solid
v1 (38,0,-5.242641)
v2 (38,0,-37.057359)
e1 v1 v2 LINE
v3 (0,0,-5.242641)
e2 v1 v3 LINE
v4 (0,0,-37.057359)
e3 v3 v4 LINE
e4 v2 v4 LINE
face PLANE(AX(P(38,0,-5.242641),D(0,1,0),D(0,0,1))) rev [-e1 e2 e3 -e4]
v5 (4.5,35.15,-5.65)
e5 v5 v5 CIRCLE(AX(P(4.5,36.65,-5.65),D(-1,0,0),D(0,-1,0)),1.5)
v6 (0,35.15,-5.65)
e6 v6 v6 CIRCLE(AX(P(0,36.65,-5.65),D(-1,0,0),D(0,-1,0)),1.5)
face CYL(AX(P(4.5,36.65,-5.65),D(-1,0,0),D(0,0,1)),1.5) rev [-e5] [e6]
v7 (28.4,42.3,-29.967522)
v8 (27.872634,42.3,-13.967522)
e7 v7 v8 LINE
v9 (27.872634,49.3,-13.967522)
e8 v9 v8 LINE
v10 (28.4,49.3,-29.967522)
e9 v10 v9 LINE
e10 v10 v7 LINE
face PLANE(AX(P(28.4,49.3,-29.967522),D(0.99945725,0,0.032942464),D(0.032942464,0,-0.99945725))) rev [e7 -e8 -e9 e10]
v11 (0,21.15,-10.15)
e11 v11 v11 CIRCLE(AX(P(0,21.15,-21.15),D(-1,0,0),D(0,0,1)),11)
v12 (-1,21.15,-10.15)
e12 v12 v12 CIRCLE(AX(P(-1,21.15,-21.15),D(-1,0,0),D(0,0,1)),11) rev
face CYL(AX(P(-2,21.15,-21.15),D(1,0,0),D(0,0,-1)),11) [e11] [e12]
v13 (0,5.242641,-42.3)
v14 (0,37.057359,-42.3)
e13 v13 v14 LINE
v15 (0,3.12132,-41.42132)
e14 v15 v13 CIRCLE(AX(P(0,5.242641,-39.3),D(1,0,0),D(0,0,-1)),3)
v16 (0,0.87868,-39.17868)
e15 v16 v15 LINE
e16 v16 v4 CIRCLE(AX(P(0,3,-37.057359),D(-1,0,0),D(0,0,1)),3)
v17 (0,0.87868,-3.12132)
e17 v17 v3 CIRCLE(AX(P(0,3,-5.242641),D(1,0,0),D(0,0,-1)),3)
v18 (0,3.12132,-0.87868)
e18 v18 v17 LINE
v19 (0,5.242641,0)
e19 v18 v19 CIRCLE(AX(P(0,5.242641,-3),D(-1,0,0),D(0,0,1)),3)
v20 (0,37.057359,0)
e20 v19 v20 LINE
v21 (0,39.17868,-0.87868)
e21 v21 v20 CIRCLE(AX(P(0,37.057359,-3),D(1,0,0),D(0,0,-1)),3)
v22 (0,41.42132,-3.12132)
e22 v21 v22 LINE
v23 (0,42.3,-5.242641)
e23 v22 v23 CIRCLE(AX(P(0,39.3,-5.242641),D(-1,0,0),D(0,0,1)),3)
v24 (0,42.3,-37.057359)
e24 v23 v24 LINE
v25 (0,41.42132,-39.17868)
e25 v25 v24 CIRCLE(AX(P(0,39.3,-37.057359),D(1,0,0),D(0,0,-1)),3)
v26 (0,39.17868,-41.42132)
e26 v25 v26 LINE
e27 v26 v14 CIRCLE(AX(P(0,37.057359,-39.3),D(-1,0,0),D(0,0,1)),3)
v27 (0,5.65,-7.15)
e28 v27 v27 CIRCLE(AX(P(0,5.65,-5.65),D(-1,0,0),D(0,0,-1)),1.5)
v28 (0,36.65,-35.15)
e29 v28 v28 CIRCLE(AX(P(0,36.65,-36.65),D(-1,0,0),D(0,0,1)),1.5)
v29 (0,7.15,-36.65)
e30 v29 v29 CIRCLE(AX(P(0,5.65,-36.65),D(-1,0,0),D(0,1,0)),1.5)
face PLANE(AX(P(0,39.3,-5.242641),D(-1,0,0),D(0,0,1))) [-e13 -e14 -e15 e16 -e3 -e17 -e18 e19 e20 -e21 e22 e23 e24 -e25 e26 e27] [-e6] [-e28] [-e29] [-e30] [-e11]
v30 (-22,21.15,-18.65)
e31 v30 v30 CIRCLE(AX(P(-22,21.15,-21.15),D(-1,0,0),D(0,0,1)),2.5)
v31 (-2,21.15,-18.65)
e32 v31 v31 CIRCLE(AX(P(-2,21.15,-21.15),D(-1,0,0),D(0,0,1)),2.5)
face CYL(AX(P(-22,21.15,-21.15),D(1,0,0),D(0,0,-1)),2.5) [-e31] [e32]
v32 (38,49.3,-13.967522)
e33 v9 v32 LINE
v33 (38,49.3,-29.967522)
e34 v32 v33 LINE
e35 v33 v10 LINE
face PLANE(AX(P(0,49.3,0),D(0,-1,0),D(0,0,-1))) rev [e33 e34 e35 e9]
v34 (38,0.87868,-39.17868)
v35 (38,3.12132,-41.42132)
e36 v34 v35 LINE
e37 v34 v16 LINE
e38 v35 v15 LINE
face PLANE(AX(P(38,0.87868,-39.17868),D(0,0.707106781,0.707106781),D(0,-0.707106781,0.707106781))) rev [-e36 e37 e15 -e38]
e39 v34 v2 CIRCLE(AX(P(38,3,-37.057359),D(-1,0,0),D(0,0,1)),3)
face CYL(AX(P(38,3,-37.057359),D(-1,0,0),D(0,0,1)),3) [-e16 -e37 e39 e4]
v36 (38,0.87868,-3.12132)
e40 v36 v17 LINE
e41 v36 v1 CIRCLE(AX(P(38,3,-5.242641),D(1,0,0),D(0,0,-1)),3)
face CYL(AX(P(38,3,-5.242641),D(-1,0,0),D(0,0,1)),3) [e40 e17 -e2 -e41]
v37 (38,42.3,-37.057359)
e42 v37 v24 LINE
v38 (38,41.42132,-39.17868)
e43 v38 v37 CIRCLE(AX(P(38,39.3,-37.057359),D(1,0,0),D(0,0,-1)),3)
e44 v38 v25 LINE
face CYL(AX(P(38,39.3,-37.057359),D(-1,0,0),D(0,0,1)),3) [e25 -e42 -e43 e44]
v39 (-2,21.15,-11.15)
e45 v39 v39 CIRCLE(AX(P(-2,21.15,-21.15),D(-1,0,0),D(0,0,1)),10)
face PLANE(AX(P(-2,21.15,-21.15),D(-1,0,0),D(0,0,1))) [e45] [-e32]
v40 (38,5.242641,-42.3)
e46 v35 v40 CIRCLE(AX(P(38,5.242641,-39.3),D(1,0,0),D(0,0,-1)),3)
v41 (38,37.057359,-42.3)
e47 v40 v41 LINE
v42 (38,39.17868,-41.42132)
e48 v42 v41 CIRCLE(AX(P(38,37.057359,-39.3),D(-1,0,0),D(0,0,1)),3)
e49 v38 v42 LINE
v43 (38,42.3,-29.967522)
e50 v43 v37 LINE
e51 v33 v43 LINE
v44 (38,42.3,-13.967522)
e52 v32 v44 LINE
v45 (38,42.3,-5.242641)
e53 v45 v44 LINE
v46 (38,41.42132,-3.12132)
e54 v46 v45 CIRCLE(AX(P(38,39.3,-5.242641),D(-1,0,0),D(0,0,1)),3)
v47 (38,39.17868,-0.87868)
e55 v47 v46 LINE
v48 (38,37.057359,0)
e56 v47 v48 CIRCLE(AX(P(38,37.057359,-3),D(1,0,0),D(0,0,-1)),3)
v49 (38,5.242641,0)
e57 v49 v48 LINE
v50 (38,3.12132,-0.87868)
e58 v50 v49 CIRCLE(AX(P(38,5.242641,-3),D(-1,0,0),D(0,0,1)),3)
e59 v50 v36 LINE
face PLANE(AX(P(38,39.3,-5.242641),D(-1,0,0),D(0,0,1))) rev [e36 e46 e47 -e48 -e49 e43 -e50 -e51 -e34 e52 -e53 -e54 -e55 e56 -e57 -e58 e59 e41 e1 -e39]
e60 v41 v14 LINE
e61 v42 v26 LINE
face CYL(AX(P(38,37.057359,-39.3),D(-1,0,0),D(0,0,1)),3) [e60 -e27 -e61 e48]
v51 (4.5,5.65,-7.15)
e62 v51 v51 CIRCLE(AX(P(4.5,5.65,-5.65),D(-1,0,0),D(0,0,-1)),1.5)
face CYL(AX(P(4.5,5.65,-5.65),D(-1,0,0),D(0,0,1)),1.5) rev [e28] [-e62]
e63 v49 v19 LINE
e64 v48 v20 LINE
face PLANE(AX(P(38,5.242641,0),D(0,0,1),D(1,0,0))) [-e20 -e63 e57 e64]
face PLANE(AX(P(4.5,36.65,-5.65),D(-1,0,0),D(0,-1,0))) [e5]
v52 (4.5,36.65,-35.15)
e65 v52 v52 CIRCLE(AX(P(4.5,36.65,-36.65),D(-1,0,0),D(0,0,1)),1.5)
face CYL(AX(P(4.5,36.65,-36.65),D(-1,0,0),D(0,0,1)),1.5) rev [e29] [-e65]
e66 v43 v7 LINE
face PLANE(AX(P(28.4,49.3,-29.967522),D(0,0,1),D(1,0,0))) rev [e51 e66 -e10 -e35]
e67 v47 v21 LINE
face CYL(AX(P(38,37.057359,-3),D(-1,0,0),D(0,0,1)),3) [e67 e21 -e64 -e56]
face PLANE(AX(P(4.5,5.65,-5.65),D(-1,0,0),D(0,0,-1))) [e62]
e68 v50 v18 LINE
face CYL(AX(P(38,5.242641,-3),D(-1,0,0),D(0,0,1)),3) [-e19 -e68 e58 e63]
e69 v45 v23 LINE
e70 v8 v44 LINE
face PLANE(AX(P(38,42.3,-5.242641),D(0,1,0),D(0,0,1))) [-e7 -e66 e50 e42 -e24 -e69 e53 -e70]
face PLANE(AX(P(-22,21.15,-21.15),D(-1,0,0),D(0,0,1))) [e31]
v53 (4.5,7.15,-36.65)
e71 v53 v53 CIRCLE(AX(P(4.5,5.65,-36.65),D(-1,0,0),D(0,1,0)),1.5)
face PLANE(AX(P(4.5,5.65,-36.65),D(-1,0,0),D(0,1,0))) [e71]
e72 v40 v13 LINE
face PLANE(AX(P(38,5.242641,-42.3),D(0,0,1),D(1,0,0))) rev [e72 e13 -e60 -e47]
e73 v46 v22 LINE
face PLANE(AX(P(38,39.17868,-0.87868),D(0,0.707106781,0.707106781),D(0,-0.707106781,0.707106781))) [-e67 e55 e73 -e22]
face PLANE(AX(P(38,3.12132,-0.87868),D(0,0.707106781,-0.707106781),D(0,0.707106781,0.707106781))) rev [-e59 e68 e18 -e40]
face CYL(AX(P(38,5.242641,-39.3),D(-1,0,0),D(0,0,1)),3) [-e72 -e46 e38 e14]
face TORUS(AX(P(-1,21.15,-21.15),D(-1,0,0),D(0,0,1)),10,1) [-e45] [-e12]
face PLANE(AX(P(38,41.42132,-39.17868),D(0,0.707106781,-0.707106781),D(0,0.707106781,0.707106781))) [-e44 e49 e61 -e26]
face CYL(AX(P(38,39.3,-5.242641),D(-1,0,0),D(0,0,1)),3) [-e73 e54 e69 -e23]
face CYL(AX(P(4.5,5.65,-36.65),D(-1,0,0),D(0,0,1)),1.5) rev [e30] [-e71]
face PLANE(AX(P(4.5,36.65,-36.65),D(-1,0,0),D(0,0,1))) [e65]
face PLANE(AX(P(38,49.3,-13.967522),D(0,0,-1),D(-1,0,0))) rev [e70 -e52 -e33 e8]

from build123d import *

# Parameters (mm, degrees)
EXTRUDE_2_DEPTH          = 38
SKETCH_2_R               = 11
EXTRUDE_3_DEPTH          = 2
FILLET_1_R               = 1
SKETCH_3_R               = 2.5
EXTRUDE_4_DEPTH          = 20
SKETCH_4_R               = 1.5
CUT_EXTRUDE_1_DEPTH      = 4.5
PATTERN_CIRCULAR_1_COUNT = 4
EXTRUDE_5_DEPTH          = 7


with BuildPart() as part:
    # 草图1 → 凸台-拉伸2 (new body)
    with BuildSketch(Plane(origin=(0, 0, 0), x_dir=(0, 0, -1), z_dir=(1, 0, 0))):
        with BuildLine():
            Line((0.878679656, 39.178679656), (3.121320344, 41.421320344))
            ThreePointArc((3.121320344, 41.421320344), (4.09459039, 42.071638598), (5.242640687, 42.3))
            Line((5.242640687, 42.3), (37.057359313, 42.3))
            ThreePointArc((37.057359313, 42.3), (38.20540961, 42.071638598), (39.178679656, 41.421320344))
            Line((39.178679656, 41.421320344), (41.421320344, 39.178679656))
            ThreePointArc((41.421320344, 39.178679656), (42.071638598, 38.20540961), (42.3, 37.057359313))
            Line((42.3, 37.057359313), (42.3, 5.242640687))
            ThreePointArc((42.3, 5.242640687), (42.071638598, 4.09459039), (41.421320344, 3.121320344))
            Line((41.421320344, 3.121320344), (39.178679656, 0.878679656))
            ThreePointArc((39.178679656, 0.878679656), (38.20540961, 0.228361402), (37.057359313, 0))
            Line((37.057359313, 0), (5.242640687, 0))
            ThreePointArc((5.242640687, 0), (4.09459039, 0.228361402), (3.121320344, 0.878679656))
            Line((3.121320344, 0.878679656), (0.878679656, 3.121320344))
            ThreePointArc((0.878679656, 3.121320344), (0.228361402, 4.09459039), (0, 5.242640687))
            Line((0, 5.242640687), (0, 37.057359313))
            ThreePointArc((0, 37.057359313), (0.228361402, 38.20540961), (0.878679656, 39.178679656))
        make_face()
    extrude(amount=EXTRUDE_2_DEPTH)

    # 草图2 → 凸台-拉伸3 (add)
    with BuildSketch(Plane.ZY):
        with Locations((-21.15, 21.15)):
            Circle(SKETCH_2_R)
    extrude(amount=EXTRUDE_3_DEPTH)

    # 圆角1
    fillet_1_edges = [part.edges().sort_by_distance(p)[0] for p in [
        (-2, 21.15, -32.15),
    ]]
    fillet(fillet_1_edges, radius=FILLET_1_R)

    # 草图3 → 凸台-拉伸4 (add)
    with BuildSketch(Plane.ZY.offset(2)):
        with Locations((-21.15, 21.15)):
            Circle(SKETCH_3_R)
    extrude(amount=EXTRUDE_4_DEPTH)

    # 草图4 → 切除-拉伸1 (cut)
    with BuildSketch(Plane.ZY):
        with Locations((-36.65, 36.65)):
            Circle(SKETCH_4_R)
    cut_extrude_1 = extrude(amount=-CUT_EXTRUDE_1_DEPTH, mode=Mode.SUBTRACT)

    # 阵列(圆周)1: 切除-拉伸1 ×4 about axis
    pattern_circular_1_axis = Axis((0, 21.15, -21.15), (1, 0, 0))
    for i in range(1, PATTERN_CIRCULAR_1_COUNT):
        add(cut_extrude_1.rotate(pattern_circular_1_axis, i * 360 / PATTERN_CIRCULAR_1_COUNT), mode=Mode.SUBTRACT)

    # 草图6 → 凸台-拉伸5 (add)
    with BuildSketch(Plane(origin=(0, 42.3, 0), x_dir=(1, 0, 0), z_dir=(0, 1, 0))):
        Polygon((28.4, 29.967521896), (38, 29.967521896), (38, 13.967521896), (27.87263434, 13.967521896), align=None)
    extrude(amount=EXTRUDE_5_DEPTH)


solid = part.part
